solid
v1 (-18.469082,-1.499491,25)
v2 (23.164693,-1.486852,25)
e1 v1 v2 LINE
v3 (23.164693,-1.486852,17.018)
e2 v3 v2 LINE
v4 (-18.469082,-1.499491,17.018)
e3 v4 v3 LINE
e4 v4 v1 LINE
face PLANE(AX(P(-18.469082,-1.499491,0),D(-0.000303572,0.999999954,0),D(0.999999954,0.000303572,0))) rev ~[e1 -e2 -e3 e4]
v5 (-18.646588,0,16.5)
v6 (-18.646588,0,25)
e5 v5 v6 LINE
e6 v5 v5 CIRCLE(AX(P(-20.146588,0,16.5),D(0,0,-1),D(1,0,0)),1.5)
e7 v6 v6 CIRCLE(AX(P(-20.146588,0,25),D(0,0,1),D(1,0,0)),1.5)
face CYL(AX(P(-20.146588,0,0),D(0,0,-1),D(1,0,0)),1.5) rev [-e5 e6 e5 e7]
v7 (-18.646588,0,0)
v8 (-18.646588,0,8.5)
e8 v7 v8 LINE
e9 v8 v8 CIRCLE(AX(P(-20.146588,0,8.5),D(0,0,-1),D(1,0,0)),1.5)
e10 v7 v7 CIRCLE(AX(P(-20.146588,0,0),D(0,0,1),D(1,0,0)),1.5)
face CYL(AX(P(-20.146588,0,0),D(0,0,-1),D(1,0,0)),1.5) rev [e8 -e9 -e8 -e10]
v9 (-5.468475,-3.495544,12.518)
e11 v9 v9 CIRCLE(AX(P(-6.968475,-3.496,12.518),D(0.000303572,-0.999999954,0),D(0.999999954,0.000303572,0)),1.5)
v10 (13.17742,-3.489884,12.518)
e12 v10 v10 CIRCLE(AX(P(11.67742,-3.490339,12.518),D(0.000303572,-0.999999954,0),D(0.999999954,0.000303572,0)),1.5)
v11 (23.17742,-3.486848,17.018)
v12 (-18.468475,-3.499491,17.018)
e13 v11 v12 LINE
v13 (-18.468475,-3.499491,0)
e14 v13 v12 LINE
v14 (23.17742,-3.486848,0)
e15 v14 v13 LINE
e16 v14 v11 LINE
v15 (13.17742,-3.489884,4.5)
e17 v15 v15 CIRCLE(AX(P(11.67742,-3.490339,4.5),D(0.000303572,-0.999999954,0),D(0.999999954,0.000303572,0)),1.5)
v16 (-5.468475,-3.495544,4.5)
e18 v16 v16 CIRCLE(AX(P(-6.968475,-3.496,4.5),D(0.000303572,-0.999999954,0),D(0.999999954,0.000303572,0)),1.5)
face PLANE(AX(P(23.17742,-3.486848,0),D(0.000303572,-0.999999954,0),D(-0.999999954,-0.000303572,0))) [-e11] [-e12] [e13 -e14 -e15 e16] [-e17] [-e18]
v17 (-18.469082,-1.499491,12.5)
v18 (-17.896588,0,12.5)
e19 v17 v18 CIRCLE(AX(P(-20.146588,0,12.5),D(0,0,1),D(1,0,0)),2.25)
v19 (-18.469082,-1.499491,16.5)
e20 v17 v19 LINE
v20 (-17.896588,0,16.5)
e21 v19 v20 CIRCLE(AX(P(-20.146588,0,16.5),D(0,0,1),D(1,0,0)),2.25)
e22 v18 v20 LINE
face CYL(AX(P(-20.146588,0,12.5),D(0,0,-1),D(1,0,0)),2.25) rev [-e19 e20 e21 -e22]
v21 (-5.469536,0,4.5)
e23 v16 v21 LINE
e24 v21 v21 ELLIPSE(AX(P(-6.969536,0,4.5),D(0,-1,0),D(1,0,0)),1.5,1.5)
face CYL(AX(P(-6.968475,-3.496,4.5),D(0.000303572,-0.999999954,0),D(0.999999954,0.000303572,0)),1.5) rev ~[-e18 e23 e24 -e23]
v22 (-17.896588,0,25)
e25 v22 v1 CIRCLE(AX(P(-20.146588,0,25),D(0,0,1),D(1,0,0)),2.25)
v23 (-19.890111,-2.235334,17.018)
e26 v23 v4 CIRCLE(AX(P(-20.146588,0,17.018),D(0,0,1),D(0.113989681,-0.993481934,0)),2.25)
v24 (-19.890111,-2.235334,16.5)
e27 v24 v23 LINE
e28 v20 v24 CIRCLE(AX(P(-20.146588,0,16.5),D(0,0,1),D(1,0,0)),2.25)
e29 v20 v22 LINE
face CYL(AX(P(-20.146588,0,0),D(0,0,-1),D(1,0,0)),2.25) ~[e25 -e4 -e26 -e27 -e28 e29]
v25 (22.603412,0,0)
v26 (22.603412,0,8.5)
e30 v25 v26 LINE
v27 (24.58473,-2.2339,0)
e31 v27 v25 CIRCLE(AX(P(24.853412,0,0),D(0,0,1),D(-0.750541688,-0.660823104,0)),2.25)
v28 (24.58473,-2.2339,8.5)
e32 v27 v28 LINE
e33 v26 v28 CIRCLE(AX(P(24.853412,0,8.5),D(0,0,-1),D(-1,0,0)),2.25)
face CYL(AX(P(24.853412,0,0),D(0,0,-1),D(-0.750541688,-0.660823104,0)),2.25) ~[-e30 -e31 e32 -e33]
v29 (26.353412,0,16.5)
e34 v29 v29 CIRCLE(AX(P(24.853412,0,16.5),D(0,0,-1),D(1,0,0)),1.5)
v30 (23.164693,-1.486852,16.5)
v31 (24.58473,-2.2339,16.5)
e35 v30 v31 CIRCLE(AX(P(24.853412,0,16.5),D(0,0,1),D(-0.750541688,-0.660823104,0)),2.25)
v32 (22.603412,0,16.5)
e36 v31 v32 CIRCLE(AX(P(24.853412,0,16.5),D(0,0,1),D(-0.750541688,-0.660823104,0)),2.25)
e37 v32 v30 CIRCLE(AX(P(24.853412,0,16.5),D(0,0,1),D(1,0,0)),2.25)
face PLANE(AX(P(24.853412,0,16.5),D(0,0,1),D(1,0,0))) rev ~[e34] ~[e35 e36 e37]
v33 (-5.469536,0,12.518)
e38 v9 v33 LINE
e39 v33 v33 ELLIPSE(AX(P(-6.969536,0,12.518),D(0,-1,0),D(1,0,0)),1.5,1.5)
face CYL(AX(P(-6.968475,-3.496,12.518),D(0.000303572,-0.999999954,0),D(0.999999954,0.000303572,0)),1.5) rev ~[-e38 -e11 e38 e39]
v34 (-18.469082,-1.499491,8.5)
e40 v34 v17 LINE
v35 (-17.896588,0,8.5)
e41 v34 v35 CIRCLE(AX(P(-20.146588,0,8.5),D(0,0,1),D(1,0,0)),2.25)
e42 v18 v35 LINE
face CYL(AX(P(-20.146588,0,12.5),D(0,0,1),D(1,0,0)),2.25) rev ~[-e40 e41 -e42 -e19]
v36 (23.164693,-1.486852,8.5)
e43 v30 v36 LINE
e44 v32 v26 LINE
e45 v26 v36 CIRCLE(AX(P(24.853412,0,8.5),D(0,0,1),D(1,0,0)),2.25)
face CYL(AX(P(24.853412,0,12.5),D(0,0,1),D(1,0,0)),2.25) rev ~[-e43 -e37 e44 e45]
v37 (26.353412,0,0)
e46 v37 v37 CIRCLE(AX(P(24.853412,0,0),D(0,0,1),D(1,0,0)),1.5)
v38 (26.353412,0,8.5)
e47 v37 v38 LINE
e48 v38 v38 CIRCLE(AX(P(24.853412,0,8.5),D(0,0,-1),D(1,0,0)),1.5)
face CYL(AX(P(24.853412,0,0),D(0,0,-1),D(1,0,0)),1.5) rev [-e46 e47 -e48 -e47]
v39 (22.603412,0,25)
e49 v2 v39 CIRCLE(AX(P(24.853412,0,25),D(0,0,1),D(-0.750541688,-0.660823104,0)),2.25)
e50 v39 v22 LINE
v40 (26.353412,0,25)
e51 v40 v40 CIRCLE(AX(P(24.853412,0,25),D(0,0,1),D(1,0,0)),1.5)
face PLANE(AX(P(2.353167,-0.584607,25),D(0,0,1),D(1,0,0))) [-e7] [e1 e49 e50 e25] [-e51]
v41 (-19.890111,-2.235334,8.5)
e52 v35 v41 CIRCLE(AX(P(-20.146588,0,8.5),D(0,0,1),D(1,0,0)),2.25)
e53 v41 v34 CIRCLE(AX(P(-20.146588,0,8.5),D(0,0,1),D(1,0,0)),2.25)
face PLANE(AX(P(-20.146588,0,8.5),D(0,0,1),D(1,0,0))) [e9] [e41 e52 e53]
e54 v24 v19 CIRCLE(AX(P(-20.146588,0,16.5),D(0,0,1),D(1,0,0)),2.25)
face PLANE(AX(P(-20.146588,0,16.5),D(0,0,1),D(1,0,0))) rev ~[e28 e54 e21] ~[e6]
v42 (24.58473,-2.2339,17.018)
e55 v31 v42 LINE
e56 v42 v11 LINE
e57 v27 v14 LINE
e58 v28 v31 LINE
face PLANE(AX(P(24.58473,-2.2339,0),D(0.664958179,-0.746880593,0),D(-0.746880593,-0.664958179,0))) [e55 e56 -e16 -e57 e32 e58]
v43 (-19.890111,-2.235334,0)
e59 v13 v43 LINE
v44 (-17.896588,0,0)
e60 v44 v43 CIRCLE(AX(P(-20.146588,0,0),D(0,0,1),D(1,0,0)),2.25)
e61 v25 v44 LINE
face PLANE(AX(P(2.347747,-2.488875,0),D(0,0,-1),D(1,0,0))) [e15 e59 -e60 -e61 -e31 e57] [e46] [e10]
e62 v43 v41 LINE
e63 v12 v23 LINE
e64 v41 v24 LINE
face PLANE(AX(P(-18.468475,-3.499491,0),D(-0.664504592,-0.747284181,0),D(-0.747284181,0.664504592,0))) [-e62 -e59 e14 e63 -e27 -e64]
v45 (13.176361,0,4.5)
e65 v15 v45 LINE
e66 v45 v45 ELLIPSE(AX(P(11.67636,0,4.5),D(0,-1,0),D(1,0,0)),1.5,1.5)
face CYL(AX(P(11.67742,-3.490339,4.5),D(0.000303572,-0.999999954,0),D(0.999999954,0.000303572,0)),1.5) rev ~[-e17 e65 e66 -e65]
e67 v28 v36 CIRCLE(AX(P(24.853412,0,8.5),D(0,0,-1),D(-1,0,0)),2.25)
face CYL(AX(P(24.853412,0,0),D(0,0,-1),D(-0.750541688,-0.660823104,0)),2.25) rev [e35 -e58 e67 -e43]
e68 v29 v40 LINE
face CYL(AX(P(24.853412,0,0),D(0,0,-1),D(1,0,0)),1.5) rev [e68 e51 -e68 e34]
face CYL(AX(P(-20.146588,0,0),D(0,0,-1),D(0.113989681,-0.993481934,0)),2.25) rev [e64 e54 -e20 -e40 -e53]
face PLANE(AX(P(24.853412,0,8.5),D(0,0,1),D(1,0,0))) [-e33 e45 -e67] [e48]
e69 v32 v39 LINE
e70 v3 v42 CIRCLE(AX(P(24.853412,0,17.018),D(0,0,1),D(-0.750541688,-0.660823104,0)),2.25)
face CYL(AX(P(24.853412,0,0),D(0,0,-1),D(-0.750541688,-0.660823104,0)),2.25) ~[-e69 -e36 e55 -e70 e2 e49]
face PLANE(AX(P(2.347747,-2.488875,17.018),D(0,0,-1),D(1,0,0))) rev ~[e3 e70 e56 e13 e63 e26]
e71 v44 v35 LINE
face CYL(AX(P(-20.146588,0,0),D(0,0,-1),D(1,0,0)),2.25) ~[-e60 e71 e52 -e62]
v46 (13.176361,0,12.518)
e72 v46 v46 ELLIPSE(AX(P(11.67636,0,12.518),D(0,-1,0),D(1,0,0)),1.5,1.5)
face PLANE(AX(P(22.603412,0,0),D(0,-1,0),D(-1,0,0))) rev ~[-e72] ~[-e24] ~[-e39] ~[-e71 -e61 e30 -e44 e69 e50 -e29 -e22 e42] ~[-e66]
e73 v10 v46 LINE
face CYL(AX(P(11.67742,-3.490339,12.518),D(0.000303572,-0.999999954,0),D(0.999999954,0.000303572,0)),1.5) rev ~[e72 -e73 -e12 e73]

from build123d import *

# Parameters (mm, degrees)
F0_R          = 1.5
F1_DEPTH      = 25
F3_R          = 2.25
F4_DEPTH      = 4
F4_DEPTH_BACK = 4
F6_DEPTH      = 17.018
F7_R          = 1.5
F8_DEPTH      = 25.4


with BuildPart() as f1:
    # F0 (on Top) → F1 (new body)
    with BuildSketch(Plane.XY):
        with BuildLine():
            Line((22.603412069, 0), (-17.896587931, 0))
            ThreePointArc((-17.896587931, 0), (-22.2485975757, 0.8025306558), (-18.4690816674, -1.4994908255))
            Line((-18.4690816674, -1.4994908255), (23.1646932719, -1.4868519846))
            ThreePointArc((23.1646932719, -1.4868519846), (26.9584200611, 0.7946328418), (22.603412069, 0))
        make_face()
        with Locations((-20.146587931, 0)):
            Circle(F0_R, mode=Mode.SUBTRACT)
        with Locations((24.853412069, 0)):
            Circle(F0_R, mode=Mode.SUBTRACT)
    extrude(amount=F1_DEPTH)

    # F3 (on offset) → F4 (cut, two sides)
    with BuildSketch(Plane.XY.offset(12.5)) as f4_sk:
        with Locations((-20.146587931, 0)):
            Circle(F3_R)
        with Locations((24.853412069, 0)):
            Circle(F3_R)
    extrude(amount=-F4_DEPTH, mode=Mode.SUBTRACT)
    extrude(f4_sk.sketch, amount=F4_DEPTH_BACK, mode=Mode.SUBTRACT)

    # F5 (on face) → F6 (join)
    with BuildSketch(Plane(origin=(0, 0, 0), x_dir=(1, 0, 0), z_dir=(0, 0, -1))):
        with BuildLine():
            Line((24.5847299559, 2.2339001594), (23.1774195175, 3.4868482135))
            Line((23.1774195175, 3.4868482135), (-18.4684745238, 3.4994907333))
            Line((-18.4684745238, 3.4994907333), (-19.8901111496, 2.235334351))
            ThreePointArc((-19.8901111496, 2.235334351), (-19.1119676973, 1.9980142572), (-18.4690816674, 1.4994908255))
            Line((-18.4690816674, 1.4994908255), (23.1646932719, 1.4868519846))
            ThreePointArc((23.1646932719, 1.4868519846), (23.8058554716, 1.9912622066), (24.5847299559, 2.2339001594))
        make_face()
    extrude(amount=-F6_DEPTH)

    # F7 (on face) → F8 (cut)
    with BuildSketch(Plane(origin=(0.0010606447, -3.4938839029, 0), x_dir=(0.9999999539, 0.0003035718, 0), z_dir=(0.0003035718, -0.9999999539, 0))):
        with Locations((-6.9695360195, 12.518)):
            Circle(F7_R)
        with Locations((-6.9695360195, 4.5)):
            Circle(F7_R)
        with Locations((11.6763599407, 4.5)):
            Circle(F7_R)
        with Locations((11.6763599407, 12.518)):
            Circle(F7_R)
    extrude(amount=-F8_DEPTH, mode=Mode.SUBTRACT)


solid = f1.part
